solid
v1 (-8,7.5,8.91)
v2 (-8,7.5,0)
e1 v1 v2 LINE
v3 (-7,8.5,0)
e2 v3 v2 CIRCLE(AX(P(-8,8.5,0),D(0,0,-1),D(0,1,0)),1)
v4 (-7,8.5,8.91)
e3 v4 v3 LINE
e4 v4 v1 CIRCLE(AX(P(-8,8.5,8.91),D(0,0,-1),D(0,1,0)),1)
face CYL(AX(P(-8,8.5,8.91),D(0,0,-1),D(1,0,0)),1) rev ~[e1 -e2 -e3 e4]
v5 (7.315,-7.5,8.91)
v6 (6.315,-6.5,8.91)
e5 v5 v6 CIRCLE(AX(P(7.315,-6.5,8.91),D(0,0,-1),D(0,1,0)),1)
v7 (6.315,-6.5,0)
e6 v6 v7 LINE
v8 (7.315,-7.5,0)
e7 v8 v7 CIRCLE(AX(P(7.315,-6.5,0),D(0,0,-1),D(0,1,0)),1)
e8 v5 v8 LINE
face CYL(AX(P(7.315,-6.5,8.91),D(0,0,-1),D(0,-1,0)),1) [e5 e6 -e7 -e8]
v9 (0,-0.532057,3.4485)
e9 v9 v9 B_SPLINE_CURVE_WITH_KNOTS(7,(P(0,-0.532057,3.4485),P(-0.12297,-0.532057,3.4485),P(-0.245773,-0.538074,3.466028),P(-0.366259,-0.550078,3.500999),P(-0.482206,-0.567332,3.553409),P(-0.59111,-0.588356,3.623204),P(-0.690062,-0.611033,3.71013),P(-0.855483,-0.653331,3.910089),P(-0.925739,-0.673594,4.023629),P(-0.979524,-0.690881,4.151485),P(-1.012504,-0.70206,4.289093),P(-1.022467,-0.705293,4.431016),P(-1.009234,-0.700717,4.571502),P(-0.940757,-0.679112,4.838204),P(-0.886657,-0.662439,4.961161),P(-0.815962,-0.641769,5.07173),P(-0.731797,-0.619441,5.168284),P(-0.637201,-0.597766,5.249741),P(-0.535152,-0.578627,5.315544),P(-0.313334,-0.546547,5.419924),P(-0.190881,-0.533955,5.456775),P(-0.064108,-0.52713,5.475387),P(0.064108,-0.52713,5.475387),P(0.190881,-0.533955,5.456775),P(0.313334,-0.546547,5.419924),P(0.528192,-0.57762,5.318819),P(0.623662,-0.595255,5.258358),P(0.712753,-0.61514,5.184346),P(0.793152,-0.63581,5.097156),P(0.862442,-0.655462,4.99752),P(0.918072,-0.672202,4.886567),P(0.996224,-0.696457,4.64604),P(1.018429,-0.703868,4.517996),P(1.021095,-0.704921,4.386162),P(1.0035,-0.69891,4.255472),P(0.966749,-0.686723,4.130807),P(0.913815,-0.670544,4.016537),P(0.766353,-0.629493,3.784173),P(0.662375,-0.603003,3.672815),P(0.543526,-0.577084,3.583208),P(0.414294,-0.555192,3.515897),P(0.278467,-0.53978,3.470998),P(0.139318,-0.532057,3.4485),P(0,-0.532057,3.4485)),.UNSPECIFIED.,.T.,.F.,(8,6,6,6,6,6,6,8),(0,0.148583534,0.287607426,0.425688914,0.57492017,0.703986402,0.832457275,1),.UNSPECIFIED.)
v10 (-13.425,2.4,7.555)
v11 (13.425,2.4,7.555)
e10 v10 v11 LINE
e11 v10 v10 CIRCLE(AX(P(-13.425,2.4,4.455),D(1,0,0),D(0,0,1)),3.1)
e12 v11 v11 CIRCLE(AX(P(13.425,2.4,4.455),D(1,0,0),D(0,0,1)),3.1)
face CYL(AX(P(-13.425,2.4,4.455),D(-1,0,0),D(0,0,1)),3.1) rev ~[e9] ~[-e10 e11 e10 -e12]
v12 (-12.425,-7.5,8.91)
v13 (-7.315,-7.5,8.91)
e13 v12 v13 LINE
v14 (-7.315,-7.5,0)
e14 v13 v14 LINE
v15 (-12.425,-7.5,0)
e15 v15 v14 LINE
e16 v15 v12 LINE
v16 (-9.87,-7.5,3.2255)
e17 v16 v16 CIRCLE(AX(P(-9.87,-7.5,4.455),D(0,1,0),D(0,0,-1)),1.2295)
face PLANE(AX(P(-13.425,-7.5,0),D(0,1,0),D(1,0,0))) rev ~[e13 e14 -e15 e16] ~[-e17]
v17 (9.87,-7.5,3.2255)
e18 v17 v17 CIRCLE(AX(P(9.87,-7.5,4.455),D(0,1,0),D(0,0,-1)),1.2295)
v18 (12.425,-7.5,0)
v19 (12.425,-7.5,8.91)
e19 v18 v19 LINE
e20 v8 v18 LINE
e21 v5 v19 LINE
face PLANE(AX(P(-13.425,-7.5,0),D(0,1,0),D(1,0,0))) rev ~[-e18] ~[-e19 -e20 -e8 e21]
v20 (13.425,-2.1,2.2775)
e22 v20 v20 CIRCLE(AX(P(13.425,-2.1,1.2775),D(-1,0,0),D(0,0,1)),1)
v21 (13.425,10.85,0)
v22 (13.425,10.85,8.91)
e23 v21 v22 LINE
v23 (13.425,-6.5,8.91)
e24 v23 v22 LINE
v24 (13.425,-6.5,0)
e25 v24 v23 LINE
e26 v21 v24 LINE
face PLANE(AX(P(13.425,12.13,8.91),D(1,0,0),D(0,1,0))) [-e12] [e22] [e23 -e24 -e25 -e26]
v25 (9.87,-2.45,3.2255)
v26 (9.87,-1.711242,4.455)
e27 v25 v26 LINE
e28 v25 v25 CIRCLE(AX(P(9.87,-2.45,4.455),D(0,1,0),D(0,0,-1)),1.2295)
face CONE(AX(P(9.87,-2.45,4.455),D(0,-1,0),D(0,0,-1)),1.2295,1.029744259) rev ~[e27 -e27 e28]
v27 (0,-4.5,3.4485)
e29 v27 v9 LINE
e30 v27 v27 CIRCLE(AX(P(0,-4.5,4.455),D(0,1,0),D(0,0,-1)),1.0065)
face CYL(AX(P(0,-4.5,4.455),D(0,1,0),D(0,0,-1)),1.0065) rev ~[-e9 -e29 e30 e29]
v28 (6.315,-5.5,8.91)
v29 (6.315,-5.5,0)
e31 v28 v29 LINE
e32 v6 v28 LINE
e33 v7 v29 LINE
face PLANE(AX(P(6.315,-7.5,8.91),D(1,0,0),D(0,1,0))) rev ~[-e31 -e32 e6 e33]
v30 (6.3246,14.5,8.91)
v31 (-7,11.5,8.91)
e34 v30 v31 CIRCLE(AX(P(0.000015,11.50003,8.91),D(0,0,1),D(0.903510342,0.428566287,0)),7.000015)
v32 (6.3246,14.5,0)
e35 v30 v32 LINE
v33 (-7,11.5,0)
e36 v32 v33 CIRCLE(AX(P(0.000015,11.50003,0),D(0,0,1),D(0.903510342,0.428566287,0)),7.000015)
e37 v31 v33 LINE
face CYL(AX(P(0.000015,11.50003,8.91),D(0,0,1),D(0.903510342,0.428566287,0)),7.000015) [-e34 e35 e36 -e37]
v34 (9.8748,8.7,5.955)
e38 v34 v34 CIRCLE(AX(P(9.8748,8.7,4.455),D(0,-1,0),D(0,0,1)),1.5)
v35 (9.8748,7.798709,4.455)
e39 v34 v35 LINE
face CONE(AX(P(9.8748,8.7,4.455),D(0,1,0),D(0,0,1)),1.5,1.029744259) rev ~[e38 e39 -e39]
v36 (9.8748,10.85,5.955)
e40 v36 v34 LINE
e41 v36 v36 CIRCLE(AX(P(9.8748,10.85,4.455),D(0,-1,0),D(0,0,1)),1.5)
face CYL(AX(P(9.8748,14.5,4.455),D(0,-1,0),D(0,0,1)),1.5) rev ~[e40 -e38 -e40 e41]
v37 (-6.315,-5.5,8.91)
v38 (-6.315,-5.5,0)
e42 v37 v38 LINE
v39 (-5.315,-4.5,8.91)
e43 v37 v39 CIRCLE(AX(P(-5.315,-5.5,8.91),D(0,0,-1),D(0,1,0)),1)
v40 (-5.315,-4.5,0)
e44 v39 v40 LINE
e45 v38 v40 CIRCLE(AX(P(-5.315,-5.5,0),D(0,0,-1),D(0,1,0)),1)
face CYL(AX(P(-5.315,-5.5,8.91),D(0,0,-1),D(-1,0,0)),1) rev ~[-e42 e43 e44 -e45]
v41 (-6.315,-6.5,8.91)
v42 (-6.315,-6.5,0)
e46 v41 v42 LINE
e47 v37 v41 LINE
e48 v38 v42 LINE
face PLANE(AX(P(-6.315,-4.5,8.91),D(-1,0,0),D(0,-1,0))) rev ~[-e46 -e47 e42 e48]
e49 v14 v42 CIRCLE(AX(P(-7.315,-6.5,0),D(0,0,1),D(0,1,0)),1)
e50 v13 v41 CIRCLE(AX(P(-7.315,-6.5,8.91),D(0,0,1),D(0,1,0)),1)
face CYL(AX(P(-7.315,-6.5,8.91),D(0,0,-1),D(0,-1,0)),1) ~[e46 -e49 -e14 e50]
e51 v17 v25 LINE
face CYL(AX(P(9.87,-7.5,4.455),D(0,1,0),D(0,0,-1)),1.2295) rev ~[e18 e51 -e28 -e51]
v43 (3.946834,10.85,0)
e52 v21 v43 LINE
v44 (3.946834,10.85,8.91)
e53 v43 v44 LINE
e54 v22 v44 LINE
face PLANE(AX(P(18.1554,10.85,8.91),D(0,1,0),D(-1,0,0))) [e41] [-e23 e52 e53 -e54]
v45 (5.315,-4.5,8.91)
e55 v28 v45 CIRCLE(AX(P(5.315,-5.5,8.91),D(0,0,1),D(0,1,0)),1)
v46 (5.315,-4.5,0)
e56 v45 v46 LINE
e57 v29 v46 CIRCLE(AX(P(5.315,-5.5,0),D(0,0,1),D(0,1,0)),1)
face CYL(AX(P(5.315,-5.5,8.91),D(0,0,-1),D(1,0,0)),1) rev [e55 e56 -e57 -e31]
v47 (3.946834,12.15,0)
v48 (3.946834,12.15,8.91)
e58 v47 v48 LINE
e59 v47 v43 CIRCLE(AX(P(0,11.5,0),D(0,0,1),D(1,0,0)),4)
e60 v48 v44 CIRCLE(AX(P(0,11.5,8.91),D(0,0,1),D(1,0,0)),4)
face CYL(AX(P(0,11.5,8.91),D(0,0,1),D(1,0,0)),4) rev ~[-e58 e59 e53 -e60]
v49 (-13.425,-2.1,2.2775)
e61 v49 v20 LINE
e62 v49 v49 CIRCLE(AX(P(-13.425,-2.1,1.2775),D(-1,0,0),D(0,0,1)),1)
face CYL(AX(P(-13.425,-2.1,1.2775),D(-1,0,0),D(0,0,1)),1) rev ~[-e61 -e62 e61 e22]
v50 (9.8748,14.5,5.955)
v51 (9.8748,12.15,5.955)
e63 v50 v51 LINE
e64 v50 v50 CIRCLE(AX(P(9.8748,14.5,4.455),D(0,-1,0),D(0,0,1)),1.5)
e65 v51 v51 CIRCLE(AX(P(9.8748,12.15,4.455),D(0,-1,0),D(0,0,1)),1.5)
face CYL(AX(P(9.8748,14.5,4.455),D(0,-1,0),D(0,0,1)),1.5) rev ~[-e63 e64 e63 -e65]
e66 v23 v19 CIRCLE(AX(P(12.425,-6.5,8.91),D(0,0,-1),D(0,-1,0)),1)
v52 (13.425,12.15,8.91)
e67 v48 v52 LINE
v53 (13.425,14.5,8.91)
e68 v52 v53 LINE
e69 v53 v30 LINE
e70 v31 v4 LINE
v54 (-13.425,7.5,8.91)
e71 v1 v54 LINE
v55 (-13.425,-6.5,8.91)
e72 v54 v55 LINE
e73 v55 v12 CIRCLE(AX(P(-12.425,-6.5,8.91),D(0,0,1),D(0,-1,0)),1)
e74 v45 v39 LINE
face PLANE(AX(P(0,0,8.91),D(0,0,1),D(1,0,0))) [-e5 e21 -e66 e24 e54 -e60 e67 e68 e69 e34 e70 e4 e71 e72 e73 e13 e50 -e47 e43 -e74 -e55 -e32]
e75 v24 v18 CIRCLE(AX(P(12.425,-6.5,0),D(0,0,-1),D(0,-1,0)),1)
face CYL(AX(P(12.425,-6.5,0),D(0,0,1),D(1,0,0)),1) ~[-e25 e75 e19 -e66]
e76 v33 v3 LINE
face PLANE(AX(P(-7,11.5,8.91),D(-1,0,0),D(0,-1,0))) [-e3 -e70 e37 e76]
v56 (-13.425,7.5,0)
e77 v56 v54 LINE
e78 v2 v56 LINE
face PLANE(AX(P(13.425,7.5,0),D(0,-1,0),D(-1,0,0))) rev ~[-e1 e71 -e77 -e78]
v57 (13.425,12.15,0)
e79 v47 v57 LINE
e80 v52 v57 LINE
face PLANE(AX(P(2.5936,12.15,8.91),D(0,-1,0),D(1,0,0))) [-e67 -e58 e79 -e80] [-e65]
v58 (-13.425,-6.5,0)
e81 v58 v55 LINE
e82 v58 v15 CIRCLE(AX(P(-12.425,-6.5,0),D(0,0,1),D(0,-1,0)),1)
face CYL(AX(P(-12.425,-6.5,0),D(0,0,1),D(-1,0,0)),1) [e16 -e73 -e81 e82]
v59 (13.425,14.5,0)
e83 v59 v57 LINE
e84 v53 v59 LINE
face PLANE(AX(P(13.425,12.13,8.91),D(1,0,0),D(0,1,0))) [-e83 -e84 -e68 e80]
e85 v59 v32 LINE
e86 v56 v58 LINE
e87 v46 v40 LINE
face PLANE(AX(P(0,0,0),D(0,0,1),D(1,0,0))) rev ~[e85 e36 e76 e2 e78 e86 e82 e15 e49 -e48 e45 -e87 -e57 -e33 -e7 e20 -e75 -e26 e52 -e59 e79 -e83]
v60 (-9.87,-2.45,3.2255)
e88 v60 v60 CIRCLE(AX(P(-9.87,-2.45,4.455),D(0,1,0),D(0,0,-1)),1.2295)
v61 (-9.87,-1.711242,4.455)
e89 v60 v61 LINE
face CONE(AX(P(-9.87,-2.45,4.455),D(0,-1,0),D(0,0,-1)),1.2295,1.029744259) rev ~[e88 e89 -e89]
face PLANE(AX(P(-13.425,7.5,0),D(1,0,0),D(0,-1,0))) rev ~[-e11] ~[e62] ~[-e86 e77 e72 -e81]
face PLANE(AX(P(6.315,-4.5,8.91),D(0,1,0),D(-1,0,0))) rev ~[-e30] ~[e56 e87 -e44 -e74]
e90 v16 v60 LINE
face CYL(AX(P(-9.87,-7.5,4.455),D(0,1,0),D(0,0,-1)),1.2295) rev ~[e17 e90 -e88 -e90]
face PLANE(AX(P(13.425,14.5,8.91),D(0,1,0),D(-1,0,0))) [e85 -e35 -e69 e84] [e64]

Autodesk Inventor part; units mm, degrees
ref_plane "YZ Plane" through (0, 0, 0) normal (1, 0, 0) x (0, 1, 0)
ref_plane "XZ Plane" through (0, 0, 0) normal (0, 1, 0) x (-1, 0, 0)
ref_plane "XY Plane" through (0, 0, 0) normal (0, 0, 1) x (1, 0, 0)
sketch "Sketch1" plane through (0, 0, 0) normal (0, 0, 1) x (1, 0, 0)
  line L0 (-13.425, -7.5) -> (13.425, -7.5)
  line L1 (13.425, -7.5) -> (13.425, 7.5)
  line L2 (13.425, 7.5) -> (-13.425, 7.5)
  line L3 (-13.425, 7.5) -> (-13.425, -7.5)
  line L4 (-13.425, -7.5) -> (13.425, 7.5) construction
  line L5 (13.425, -7.5) -> (-13.425, 7.5) construction
  point P0 (0, 0)
  dimension "d0" = 26.85
  dimension "d1" = 15
extrude "Extrusion1" add sketch "Sketch1" along normal blind 8.91
sketch "Sketch2" plane through (0, 0, 8.91) normal (0, 0, 1) x (1, 0, 0)
  line L0 (-13.425, -7.5) -> (13.425, -7.5) projected
  line L1 (-6.315, -7.5) -> (6.315, -7.5)
  line L2 (6.315, -7.5) -> (6.315, -4.5)
  line L3 (6.315, -4.5) -> (-6.315, -4.5)
  line L4 (-6.315, -4.5) -> (-6.315, -7.5)
  line L5 (-13.425, 7.5) -> (-13.425, -7.5) projected
  line L6 (13.425, -7.5) -> (13.425, 7.5) projected
  point P0 (0, 0)
  dimension "d4" = 7.11
  dimension "d5" = 7.11
  dimension "d6" = 3
extrude "Extrusion2" cut sketch "Sketch2" against normal through all
fillet "Fillet1" radius 1 6 edges at (-6.315, -4.5, 4.455) (6.315, -4.5, 4.455) (6.315, -7.5, 4.455) (-6.315, -7.5, 4.455) (-13.425, -7.5, 4.455) (13.425, -7.5, 4.455)
hole "Hole1" at (-9.87, -7.5, 4.455) direction (0, 1, 0) diameter 2.459 depth 5.05 tip angle 118 thread size "M3x0.5" class "6H" standard "ISO Metric profile"
hole "Hole2" at (9.87, -7.5, 4.455) direction (0, 1, 0) diameter 2.459 depth 5.05 tip angle 118 thread size "M3x0.5" class "6H" standard "ISO Metric profile"
sketch "Sketch3" plane through (-13.425, 7.5, 0) normal (-1, 0, 0) x (0, 0, 1)
  circle A0 centre (4.455, -5.1) radius 3.1
  line L0 (6.8136, -2) -> (2.7173, -2)
  line L1 (0, -15) -> (8.91, -15) projected
  point P0 (0, -7.5)
  point P1 (4.455, -15)
  dimension "d28" = 6.2
  dimension "d29" = 13
extrude "Extrusion3" cut sketch "Sketch3" against normal through all
sketch "Sketch4" plane through (-13.425, 7.5, 0) normal (-1, 0, 0) x (0, 0, 1)
  circle A0 centre (1.2775, -9.6) radius 1
  line L0 (0, -15) -> (8.91, -15) projected
  point P0 (0, -7.5)
  dimension "d32" = 2
  dimension "d33" = 5.4
extrude "Extrusion4" cut sketch "Sketch4" against normal through all
sketch "Sketch5" plane through (0, 0, 8.91) normal (0, 0, 1) x (1, 0, 0)
  line L0 (13.425, 7.5) -> (-13.425, 7.5) projected
  line L1 (-5.315, -4.5) -> (5.315, -4.5) projected
  line L2 (-7, 11.5) -> (-7, 7.5)
  line L3 (13.425, -6.5) -> (13.425, 7.5) projected
  line L4 (13.425, 14.5) -> (6.3246, 14.5)
  line L5 (7, 11.5) -> (13.425, 11.5) construction
  line L6 (7.315, -7.5) -> (12.425, -7.5) projected
  line L7 (13.425, 7.5) -> (13.425, 10.87)
  line L8 (13.425, 12.13) -> (13.425, 14.5)
  arc A0 (6.3246, 14.5) -> (-7, 11.5) centre (0, 11.5) ccw
  line L9 (-7, 7.5) -> (13.425, 7.5)
  line L10 (13.425, 12.13) -> (13.425, 10.87)
  point P0 (0, 0)
  dimension "d40" = 22
extrude "Extrusion5" add sketch "Sketch5" against normal up to surface (8.91 mm away)
sketch "Sketch6" plane through (0, 0, 8.91) normal (0, 0, 1) x (1, 0, 0)
  arc A0 (6.3246, 14.5) -> (-7, 11.5) centre (0, 11.5) ccw projected
  circle A1 centre (0, 11.5) radius 4
  point P0 (0, 0)
  dimension "d43" = 8
extrude "Extrusion6" cut sketch "Sketch6" against normal through all
sketch "Sketch7" plane through (0, 0, 8.91) normal (0, 0, 1) x (1, 0, 0)
  line L0 (2.5936, 12.15) -> (18.1554, 12.15)
  line L1 (18.1554, 12.15) -> (18.1554, 10.85)
  line L2 (18.1554, 10.85) -> (2.5936, 10.85)
  line L3 (2.5936, 10.85) -> (2.5936, 12.15)
  circle A0 centre (0, 11.5) radius 4 construction
  point P0 (0, 0)
  point P1 (2.5936, 11.5)
  dimension "d46" = 1.3
extrude "Extrusion7" cut sketch "Sketch7" against normal through all
fillet "Fillet2" radius 1 1 edges at (-7, 7.5, 4.455)
hole "Hole3" at (9.8748, 14.5, 4.455) direction (0, -1, 0) diameter 3 depth 5.8 tip angle 118
thread "Thread1" size "M3x0.5" class "6H" standard "ANSI Metric M Profile" full length
hole "Hole4" at (0, -4.5, 4.455) direction (0, 1, 0) diameter 2.013 depth 6.35 tip angle 118 thread size "M2.5x0.45" class "6H" standard "ISO Metric profile"
equation "\"d5\" = d4"
properties part number "hotend" material "Aluminum"
